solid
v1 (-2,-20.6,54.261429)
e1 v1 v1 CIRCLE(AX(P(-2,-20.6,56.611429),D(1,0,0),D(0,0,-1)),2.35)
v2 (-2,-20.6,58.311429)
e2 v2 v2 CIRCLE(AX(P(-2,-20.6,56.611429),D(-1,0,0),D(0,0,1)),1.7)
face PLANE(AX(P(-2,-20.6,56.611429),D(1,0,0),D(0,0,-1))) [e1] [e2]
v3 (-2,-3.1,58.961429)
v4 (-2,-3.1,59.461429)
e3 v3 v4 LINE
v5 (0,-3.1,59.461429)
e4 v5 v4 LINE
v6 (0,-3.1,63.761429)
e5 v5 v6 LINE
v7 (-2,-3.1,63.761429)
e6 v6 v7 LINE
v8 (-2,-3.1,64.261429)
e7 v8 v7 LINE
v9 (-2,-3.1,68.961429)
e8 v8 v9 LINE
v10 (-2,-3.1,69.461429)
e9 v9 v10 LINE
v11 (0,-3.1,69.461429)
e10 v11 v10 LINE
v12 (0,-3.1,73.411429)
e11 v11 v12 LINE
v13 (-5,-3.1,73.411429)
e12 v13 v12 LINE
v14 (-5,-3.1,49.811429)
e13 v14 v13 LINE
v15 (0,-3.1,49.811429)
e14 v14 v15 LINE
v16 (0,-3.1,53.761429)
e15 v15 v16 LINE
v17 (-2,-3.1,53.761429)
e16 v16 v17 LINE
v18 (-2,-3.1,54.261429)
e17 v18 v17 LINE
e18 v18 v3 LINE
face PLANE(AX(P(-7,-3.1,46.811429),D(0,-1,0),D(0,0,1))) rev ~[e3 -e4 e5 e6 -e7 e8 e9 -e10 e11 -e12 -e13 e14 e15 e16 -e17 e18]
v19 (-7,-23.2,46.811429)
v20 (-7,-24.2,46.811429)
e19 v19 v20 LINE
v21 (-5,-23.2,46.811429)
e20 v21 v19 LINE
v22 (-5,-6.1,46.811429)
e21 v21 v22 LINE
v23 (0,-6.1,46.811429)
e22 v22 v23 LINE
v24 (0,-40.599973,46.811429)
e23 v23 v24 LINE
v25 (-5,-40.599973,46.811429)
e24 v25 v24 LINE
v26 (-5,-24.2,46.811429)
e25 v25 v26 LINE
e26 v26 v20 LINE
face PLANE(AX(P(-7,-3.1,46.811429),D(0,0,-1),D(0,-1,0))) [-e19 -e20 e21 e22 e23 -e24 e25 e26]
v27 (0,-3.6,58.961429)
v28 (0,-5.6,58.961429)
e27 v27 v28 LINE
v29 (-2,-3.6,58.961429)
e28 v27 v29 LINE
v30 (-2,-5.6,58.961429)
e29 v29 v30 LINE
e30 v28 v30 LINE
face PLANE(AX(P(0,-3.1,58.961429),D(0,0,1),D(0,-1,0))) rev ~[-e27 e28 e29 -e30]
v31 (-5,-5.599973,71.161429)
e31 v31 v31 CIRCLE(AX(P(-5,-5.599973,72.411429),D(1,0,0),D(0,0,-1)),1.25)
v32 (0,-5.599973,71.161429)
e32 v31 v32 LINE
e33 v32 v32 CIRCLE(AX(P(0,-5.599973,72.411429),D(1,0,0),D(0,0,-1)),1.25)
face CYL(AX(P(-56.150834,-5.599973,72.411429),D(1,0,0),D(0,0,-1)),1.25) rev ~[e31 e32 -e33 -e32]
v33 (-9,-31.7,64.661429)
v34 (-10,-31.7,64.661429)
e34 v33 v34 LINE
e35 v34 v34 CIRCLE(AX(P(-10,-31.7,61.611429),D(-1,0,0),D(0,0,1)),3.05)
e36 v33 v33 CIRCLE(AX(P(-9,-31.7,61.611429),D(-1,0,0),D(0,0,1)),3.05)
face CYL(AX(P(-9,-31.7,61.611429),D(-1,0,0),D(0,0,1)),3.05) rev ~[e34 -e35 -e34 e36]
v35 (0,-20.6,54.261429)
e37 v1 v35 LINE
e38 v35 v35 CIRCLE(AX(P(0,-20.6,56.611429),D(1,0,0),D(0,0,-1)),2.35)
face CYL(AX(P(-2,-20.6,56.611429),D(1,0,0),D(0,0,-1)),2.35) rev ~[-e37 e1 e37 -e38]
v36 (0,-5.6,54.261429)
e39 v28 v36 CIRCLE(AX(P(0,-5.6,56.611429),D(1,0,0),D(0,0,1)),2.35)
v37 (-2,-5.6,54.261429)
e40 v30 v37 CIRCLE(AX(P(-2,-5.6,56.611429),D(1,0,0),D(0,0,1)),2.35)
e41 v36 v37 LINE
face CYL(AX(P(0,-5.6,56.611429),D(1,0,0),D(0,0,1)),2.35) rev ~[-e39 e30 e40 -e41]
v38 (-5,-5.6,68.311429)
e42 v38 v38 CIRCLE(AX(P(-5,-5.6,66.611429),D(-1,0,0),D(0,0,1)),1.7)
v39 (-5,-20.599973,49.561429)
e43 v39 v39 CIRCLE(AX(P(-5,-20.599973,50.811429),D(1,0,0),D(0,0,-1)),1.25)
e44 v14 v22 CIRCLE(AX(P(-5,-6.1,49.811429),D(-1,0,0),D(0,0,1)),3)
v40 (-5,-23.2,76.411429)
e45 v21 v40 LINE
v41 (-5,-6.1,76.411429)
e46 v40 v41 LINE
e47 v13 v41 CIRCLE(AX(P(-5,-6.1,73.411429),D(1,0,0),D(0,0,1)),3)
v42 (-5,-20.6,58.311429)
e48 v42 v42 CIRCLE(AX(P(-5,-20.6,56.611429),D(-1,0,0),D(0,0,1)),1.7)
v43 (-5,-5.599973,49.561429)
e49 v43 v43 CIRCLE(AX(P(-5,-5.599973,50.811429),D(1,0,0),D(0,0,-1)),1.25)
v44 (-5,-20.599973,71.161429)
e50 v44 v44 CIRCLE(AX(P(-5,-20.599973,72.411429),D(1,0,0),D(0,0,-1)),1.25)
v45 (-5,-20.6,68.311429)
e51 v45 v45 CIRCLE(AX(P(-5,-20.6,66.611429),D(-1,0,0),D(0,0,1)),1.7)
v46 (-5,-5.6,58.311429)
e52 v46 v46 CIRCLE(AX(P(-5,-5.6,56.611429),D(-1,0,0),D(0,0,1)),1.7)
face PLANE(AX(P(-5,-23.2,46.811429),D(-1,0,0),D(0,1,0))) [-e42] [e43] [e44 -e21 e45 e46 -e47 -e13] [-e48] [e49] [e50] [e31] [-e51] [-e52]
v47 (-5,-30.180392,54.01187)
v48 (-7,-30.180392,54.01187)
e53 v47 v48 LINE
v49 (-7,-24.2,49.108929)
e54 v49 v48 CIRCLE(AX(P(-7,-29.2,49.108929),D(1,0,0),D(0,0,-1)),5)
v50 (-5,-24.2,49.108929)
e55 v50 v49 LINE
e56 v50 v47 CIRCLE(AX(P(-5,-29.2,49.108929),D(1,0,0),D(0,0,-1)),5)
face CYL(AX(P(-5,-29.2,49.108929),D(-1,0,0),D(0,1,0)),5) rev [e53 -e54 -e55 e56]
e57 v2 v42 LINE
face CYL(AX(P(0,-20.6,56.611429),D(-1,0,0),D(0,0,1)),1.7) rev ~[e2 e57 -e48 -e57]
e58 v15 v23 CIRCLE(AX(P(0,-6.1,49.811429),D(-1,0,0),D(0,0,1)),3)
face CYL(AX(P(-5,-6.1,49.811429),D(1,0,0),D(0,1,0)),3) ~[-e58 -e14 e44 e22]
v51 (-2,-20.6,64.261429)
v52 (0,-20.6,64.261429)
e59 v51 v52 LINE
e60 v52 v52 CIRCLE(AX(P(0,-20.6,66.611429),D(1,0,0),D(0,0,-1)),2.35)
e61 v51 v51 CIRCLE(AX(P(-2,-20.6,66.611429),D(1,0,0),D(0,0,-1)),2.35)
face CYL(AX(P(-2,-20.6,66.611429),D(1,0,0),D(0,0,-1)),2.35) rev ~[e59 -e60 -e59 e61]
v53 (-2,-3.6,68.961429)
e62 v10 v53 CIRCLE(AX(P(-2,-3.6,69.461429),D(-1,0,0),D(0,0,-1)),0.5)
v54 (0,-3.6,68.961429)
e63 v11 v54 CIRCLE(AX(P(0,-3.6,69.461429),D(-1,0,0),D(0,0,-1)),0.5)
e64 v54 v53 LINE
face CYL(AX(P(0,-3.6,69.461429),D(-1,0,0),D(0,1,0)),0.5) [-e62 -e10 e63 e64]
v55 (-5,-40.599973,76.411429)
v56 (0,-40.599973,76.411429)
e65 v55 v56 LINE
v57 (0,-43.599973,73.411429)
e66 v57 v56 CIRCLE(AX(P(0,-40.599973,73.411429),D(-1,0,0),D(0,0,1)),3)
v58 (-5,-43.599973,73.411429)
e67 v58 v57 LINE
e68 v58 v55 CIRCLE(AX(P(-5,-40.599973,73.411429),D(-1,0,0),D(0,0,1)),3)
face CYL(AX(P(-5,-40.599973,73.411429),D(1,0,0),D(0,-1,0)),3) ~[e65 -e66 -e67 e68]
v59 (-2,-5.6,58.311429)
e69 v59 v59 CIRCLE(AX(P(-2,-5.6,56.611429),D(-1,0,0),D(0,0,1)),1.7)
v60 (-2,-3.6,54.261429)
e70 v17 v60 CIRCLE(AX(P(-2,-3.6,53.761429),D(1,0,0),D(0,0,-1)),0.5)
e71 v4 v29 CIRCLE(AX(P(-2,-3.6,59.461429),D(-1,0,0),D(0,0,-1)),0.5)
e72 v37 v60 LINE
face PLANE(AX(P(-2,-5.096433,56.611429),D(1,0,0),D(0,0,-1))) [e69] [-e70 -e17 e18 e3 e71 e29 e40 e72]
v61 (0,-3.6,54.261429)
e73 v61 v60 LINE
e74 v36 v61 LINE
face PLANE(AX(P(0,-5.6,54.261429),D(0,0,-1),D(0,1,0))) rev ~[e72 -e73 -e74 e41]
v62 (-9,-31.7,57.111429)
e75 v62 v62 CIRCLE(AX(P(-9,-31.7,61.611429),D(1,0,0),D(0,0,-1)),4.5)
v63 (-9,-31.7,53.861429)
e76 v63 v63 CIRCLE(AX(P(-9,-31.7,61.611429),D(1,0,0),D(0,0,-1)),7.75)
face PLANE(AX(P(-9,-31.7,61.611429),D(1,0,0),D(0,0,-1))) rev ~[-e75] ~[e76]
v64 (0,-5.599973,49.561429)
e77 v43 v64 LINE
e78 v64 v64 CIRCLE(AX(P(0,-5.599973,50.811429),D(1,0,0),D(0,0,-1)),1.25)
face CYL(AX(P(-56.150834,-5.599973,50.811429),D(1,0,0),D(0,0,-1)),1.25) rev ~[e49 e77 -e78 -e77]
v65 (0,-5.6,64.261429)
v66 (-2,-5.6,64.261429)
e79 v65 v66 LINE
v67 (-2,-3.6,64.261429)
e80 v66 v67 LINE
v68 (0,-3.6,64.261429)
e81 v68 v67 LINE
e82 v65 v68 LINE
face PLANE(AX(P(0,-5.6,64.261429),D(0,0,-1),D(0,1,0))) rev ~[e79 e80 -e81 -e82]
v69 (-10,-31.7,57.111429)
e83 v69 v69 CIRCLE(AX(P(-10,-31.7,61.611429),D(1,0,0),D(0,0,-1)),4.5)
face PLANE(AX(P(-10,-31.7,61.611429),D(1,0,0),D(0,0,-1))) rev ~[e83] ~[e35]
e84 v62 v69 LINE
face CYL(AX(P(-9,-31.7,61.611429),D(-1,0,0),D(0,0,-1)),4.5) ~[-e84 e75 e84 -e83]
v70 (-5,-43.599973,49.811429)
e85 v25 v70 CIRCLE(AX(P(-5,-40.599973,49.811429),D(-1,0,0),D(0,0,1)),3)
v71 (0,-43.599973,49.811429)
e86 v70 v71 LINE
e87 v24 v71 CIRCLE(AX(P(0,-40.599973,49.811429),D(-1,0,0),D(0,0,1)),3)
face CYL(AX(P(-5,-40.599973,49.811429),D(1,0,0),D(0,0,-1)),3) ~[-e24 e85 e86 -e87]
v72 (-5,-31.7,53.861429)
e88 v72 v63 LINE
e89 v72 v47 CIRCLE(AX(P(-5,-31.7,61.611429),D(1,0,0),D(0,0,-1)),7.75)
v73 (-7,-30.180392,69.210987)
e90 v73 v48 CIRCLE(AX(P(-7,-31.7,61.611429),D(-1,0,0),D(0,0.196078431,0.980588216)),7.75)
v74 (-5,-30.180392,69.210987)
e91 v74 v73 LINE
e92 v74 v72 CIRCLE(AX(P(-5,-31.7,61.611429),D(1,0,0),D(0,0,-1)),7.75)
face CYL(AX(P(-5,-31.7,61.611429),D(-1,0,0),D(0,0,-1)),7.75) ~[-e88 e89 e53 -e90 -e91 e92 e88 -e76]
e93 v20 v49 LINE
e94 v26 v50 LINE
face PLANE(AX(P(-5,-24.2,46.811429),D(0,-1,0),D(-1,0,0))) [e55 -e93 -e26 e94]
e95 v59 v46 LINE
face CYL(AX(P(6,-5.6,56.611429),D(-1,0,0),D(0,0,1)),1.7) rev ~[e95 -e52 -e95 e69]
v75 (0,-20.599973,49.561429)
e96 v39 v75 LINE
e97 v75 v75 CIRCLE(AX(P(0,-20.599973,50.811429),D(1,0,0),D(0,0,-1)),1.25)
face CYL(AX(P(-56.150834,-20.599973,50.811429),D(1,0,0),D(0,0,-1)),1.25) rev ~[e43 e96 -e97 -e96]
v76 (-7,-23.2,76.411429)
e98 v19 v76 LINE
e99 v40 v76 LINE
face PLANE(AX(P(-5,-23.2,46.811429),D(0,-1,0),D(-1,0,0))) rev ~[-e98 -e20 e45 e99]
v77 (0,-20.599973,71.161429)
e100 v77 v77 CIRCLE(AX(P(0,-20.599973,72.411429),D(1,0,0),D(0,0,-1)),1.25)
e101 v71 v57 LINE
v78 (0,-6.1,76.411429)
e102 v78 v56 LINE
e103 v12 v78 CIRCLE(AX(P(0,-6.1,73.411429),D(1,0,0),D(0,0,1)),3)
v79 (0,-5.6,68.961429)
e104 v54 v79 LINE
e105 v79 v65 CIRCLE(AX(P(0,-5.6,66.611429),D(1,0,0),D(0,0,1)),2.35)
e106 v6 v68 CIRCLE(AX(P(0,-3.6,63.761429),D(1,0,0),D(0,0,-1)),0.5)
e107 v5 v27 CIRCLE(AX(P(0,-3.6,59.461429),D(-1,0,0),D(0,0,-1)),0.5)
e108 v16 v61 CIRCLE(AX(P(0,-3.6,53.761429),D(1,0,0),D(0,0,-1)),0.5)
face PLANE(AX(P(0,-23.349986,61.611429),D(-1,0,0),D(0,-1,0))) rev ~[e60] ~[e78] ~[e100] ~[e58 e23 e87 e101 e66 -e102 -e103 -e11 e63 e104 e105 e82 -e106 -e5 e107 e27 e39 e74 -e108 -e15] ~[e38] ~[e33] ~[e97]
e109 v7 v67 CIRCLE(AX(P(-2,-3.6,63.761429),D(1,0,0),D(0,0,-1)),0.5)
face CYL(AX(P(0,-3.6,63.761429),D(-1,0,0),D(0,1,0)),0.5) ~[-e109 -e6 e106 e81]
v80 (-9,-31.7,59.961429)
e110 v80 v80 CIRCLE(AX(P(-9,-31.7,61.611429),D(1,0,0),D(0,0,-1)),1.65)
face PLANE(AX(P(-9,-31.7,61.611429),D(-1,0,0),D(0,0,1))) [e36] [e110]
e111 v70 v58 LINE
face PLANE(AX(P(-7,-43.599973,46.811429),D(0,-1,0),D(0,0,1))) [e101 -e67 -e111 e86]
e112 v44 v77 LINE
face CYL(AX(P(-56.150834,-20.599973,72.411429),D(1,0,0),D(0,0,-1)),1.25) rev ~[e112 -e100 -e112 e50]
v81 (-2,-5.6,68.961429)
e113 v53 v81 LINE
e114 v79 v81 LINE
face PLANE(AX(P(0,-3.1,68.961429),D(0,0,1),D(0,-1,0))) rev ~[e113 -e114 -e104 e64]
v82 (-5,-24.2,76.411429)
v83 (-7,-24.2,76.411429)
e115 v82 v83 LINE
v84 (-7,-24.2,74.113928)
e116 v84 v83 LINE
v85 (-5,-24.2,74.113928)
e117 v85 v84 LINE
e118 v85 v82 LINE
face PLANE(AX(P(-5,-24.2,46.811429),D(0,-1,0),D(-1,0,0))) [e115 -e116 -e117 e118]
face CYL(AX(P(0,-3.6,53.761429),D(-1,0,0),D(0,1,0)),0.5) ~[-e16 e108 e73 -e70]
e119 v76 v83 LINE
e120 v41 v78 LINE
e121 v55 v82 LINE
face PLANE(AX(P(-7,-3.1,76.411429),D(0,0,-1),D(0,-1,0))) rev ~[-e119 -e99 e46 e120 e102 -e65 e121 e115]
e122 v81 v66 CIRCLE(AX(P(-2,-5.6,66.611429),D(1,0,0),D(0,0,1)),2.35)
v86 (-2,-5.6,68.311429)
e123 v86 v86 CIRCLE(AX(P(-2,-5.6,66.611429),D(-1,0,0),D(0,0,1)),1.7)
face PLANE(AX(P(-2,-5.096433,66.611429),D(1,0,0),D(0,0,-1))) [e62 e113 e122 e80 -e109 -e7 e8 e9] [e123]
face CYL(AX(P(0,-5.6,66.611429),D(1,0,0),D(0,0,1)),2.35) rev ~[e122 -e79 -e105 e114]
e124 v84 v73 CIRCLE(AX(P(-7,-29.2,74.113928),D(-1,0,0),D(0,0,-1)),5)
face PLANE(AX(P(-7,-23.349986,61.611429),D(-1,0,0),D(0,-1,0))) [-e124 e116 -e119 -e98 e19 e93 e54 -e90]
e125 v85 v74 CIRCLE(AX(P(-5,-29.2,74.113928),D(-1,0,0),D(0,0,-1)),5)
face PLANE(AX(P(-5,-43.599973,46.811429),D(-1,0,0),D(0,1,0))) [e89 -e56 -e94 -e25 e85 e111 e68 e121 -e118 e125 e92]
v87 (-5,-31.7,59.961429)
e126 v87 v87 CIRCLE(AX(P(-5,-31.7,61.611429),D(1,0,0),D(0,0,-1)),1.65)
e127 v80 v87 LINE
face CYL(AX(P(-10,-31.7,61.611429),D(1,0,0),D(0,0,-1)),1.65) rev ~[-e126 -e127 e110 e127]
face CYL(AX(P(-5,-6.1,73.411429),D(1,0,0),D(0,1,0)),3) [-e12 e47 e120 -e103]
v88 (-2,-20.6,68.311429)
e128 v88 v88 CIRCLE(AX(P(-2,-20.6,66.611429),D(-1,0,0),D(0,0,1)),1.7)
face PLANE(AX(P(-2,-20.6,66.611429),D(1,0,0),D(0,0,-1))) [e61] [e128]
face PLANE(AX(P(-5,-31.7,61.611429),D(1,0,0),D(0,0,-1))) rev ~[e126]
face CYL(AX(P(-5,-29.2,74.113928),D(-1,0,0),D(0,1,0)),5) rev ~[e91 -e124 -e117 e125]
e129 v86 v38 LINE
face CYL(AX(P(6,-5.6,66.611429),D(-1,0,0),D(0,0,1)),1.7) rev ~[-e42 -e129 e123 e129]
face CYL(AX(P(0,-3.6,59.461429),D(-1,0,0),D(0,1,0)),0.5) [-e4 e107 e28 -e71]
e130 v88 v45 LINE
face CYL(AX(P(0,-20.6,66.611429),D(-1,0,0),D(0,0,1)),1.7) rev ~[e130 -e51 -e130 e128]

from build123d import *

# Parameters (mm, degrees)
SKETCH_1_W                   = 40.499972991
SKETCH_1_H                   = 29.6
EXTRUDE_1_DEPTH              = 7
SKETCH_2_W                   = 2
SKETCH_2_H                   = 20.10000001
CUT_EXTRUDE_1_DEPTH          = 54.161241934
SKETCH_3_W                   = 2
SKETCH_3_H                   = 19.399972981
CUT_EXTRUDE_2_DEPTH          = 54.161241934
CUT_EXTRUDE_3_DEPTH          = 2
CUT_EXTRUDE_4_DEPTH          = 2
HOLE_WIZARD_2_5_2_5_1_D      = 2.5
HOLE_WIZARD_3_4_3_4_1_D      = 3.4
HOLE_WIZARD_3_4_3_4_1_DEPTH  = 8
HOLE_WIZARD_M3_1_D           = 3.4
HOLE_WIZARD_M3_1_DEPTH       = 10
HOLE_WIZARD_M3_1_CBORE_D     = 4.7
HOLE_WIZARD_M3_1_CBORE_DEPTH = 2
HOLE_WIZARD_M3_2_D           = 3.3
HOLE_WIZARD_M3_2_DEPTH       = 5
HOLE_WIZARD_M3_2_CBORE_D     = 6.1
HOLE_WIZARD_M3_2_CBORE_DEPTH = 1
FILLET_1_R                   = 0.5
FILLET_2_R                   = 3
FILLET_3_R                   = 5


with BuildPart() as part:
    # 草图1 → 凸台-拉伸1 (new body)
    with BuildSketch(Plane(origin=(-7, 0, 0), x_dir=(0, -1, 0), z_dir=(-1, 0, 0))):
        with Locations((23.349986486, 61.611428686)):
            Rectangle(SKETCH_1_W, SKETCH_1_H)
    extrude(amount=-EXTRUDE_1_DEPTH)

    # 草图2 → 切除-拉伸1 (cut, through all)
    with BuildSketch(Plane(origin=(0, 0, 46.811428686), x_dir=(-1, 0, 0), z_dir=(0, 0, -1))):
        with Locations((6, -13.149999995)):
            Rectangle(SKETCH_2_W, SKETCH_2_H)
    extrude(amount=-CUT_EXTRUDE_1_DEPTH, mode=Mode.SUBTRACT)

    # 草图3 → 切除-拉伸2 (cut, through all)
    with BuildSketch(Plane(origin=(0, 0, 46.811428686), x_dir=(-1, 0, 0), z_dir=(0, 0, -1))):
        with Locations((6, -33.89998649)):
            Rectangle(SKETCH_3_W, SKETCH_3_H)
    extrude(amount=-CUT_EXTRUDE_2_DEPTH, mode=Mode.SUBTRACT)

    # 草图4 → 切除-拉伸3 (cut)
    with BuildSketch(Plane(origin=(0, 0, 0), x_dir=(0, 0, -1), z_dir=(1, 0, 0))):
        with BuildLine():
            Line((-58.961428686, -3.09999999), (-58.961428686, -5.6))
            ThreePointArc((-58.961428686, -5.6), (-56.611428686, -7.95), (-54.261428686, -5.6))
            Line((-54.261428686, -5.6), (-54.261428686, -3.09999999))
            Line((-54.261428686, -3.09999999), (-58.961428686, -3.09999999))
        make_face()
    extrude(amount=-CUT_EXTRUDE_3_DEPTH, mode=Mode.SUBTRACT)

    # 草图5 → 切除-拉伸4 (cut)
    with BuildSketch(Plane(origin=(0, 0, 0), x_dir=(0, 0, -1), z_dir=(1, 0, 0))):
        with BuildLine():
            Line((-68.961428686, -3.09999999), (-68.961428686, -5.6))
            ThreePointArc((-68.961428686, -5.6), (-66.611428686, -7.95), (-64.261428686, -5.6))
            Line((-64.261428686, -5.6), (-64.261428686, -3.09999999))
            Line((-64.261428686, -3.09999999), (-68.961428686, -3.09999999))
        make_face()
    extrude(amount=-CUT_EXTRUDE_4_DEPTH, mode=Mode.SUBTRACT)

    # 草图6 → 旋转1 (revolve)
    with BuildSketch(Plane(origin=(0, -31.7, 0), x_dir=(1, 0, 0), z_dir=(0, 1, 0))):
        Polygon((-10, -57.111428686), (-10, -61.611428686), (-5, -61.611428686), (-5, -53.861428686), (-9, -53.861428686), (-9, -57.111428686), align=None)
    revolve(axis=Axis((-10, -31.7, 61.611428686), (1, 0, 0)))

    # Ø2.5 (2.5) 直径孔1 (through all)
    with Locations(Plane.ZY.offset(5)):
        with Locations((72.411428686, -5.599972981), (50.811428686, -20.599972981), (72.411428686, -20.599972981), (50.811428686, -5.599972981)):
            Hole(HOLE_WIZARD_2_5_2_5_1_D / 2)

    # Ø3.4 (3.4) 直径孔1
    with Locations(Plane(origin=(-2, 0, 0), x_dir=(0, 0, -1), z_dir=(1, 0, 0))):
        with Locations((-56.611428686, -5.6), (-66.611428686, -5.6)):
            Hole(HOLE_WIZARD_3_4_3_4_1_D / 2, depth=HOLE_WIZARD_3_4_3_4_1_DEPTH)

    # M3 六角头机械螺钉的柱形沉头孔1
    with Locations(Plane(origin=(0, 0, 0), x_dir=(0, 0, -1), z_dir=(1, 0, 0))):
        with Locations((-56.611428686, -20.6), (-66.611428686, -20.6)):
            CounterBoreHole(HOLE_WIZARD_M3_1_D / 2, HOLE_WIZARD_M3_1_CBORE_D / 2, HOLE_WIZARD_M3_1_CBORE_DEPTH, depth=HOLE_WIZARD_M3_1_DEPTH)

    # M3 六角头机械螺钉的柱形沉头孔2
    with Locations(Plane.ZY.offset(10)):
        with Locations((61.611428686, -31.7)):
            CounterBoreHole(HOLE_WIZARD_M3_2_D / 2, HOLE_WIZARD_M3_2_CBORE_D / 2, HOLE_WIZARD_M3_2_CBORE_DEPTH, depth=HOLE_WIZARD_M3_2_DEPTH)

    # 圆角1
    fillet_1_edges = [part.edges().sort_by_distance(p)[0] for p in [
        (-1, -3.09999999, 58.961428686),
        (-1, -3.09999999, 54.261428686),
        (-1, -3.09999999, 68.961428686),
        (-1, -3.09999999, 64.261428686),
    ]]
    fillet(fillet_1_edges, radius=FILLET_1_R)

    # 圆角2
    fillet_2_edges = [part.edges().sort_by_distance(p)[0] for p in [
        (-2.5, -3.09999999, 76.411428686),
        (-2.5, -43.599972981, 76.411428686),
        (-2.5, -43.599972981, 46.811428686),
        (-2.5, -3.09999999, 46.811428686),
    ]]
    fillet(fillet_2_edges, radius=FILLET_2_R)

    # 圆角3
    fillet_3_edges = [part.edges().sort_by_distance(p)[0] for p in [
        (-6, -24.2, 59.658866267),
        (-6, -24.2, 63.563991105),
    ]]
    fillet(fillet_3_edges, radius=FILLET_3_R)


solid = part.part
